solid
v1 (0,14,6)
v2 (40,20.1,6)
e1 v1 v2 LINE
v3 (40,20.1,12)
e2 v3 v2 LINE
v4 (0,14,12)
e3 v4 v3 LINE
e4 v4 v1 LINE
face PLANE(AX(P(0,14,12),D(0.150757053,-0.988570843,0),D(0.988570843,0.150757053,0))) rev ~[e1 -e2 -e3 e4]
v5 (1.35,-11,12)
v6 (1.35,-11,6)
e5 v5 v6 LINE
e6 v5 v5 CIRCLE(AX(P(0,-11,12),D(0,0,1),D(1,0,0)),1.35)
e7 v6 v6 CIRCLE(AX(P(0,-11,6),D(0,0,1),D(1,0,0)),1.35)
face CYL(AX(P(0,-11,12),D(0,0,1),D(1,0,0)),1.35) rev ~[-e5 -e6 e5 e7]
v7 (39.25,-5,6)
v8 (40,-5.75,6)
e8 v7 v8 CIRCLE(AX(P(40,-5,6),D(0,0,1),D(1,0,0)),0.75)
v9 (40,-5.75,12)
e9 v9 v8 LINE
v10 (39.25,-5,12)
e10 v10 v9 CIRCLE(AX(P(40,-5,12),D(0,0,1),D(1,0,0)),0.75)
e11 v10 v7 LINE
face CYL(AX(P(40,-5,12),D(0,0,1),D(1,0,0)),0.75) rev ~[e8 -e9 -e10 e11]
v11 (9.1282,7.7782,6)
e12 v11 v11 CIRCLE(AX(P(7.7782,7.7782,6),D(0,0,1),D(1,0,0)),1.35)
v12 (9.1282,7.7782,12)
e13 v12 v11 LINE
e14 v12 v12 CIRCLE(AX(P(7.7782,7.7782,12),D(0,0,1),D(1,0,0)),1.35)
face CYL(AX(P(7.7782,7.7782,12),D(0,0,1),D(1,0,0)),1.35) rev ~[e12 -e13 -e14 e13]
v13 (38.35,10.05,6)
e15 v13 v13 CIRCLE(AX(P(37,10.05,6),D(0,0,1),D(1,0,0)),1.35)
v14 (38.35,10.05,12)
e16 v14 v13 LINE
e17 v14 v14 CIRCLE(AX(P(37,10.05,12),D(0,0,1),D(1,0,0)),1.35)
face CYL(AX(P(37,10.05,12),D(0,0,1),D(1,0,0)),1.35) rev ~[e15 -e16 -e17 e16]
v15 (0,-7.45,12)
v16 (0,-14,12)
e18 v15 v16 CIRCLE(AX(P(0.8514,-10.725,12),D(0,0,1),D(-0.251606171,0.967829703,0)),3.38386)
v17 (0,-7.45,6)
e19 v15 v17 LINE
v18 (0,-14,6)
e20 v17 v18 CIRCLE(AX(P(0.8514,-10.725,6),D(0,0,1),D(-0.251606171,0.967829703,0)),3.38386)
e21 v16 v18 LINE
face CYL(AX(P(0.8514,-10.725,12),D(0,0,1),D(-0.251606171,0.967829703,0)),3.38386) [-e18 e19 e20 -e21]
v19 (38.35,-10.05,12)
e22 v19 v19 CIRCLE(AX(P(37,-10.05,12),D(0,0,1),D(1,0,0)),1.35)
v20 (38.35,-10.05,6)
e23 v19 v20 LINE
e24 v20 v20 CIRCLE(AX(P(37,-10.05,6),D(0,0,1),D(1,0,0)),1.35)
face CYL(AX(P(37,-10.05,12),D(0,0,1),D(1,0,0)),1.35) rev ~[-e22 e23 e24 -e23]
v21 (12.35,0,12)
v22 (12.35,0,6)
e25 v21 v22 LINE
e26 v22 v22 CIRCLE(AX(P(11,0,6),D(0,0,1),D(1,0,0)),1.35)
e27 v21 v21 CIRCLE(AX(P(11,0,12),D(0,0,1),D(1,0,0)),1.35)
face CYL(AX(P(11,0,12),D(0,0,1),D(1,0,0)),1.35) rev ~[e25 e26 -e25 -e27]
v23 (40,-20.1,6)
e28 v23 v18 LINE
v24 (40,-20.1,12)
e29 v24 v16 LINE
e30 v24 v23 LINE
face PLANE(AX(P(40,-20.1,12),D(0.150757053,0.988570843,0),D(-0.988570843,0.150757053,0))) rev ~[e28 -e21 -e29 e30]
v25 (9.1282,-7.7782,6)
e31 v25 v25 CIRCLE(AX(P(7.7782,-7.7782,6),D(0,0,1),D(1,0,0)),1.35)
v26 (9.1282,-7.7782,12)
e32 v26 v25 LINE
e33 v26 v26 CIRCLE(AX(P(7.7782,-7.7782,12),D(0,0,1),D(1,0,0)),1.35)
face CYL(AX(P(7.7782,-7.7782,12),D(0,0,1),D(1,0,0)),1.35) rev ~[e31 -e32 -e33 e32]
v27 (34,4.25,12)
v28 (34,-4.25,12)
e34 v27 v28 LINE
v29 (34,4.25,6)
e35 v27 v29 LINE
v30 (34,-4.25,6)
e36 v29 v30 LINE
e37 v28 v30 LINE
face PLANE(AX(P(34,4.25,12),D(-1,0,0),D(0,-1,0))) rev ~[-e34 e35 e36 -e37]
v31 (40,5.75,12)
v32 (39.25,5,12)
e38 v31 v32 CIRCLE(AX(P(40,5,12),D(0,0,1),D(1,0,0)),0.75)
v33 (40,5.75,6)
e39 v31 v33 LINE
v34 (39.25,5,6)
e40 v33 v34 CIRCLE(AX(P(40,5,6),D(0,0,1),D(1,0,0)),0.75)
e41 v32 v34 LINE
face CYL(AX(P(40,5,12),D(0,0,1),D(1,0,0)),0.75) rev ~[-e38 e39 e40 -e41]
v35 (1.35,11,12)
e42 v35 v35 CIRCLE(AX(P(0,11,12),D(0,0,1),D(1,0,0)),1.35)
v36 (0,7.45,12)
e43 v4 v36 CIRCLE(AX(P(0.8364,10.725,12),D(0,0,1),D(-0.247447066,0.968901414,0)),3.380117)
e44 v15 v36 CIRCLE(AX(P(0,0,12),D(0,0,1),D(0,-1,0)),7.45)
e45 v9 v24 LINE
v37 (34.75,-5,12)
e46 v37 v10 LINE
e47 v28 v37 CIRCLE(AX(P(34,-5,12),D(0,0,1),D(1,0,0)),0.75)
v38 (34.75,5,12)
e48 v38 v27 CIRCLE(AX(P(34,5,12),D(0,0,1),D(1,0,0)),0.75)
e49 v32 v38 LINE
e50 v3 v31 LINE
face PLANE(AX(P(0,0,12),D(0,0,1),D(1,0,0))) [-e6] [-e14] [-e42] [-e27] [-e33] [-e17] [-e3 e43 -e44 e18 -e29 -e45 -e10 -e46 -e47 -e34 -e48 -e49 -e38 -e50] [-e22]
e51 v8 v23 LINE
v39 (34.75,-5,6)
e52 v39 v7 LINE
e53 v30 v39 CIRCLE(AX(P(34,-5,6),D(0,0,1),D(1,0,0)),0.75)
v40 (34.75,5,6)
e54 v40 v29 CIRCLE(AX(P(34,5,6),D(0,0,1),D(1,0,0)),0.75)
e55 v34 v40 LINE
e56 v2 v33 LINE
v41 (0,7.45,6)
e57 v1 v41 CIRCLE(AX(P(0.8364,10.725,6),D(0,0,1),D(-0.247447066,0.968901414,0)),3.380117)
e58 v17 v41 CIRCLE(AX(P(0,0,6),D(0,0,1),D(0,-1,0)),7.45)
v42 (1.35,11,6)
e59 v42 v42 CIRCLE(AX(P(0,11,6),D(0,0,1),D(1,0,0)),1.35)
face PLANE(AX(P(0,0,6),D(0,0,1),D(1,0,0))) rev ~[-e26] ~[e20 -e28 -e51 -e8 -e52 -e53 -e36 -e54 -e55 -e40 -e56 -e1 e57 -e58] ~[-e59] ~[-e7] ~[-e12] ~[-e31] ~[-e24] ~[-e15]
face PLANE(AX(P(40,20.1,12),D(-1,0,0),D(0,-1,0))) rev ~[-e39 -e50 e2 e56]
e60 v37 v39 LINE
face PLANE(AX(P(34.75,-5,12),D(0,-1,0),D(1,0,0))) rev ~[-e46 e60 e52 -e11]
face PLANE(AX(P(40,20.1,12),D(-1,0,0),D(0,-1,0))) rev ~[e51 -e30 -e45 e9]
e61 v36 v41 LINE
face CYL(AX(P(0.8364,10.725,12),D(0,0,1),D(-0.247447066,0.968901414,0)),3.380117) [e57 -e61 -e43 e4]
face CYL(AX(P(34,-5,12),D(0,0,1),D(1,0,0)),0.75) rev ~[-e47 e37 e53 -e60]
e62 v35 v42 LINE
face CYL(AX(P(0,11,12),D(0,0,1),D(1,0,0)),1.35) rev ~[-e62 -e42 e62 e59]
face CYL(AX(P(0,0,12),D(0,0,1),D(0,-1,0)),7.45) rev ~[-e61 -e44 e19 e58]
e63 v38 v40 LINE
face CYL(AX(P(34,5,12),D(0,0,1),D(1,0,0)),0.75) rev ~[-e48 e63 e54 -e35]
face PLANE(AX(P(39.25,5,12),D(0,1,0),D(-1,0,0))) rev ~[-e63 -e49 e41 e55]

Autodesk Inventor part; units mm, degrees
ref_plane "YZ Plane" through (0, 0, 0) normal (1, 0, 0) x (0, 1, 0)
ref_plane "XZ Plane" through (0, 0, 0) normal (0, 1, 0) x (-1, 0, 0)
ref_plane "XY Plane" through (0, 0, 0) normal (0, 0, 1) x (1, 0, 0)
ref_plane "작업 평면1" through (0, 0, 0) normal (0, 0, 1) x (1, 0, 0)
ref_plane "작업 평면3" through (0, 0, 6) normal (0, 0, 1) x (1, 0, 0)
ref_plane "작업 평면4" through (40, -20.1, 6) normal (1, 0, 0) x (0, 0, -1)
ref_plane "작업 평면2" through (0, 0, 6) normal (0, 0, 1) x (1, 0, 0)
ref_plane "작업 평면6" through (30, -20.1, 6) normal (1, 0, 0) x (0, 0, -1)
ref_plane "작업 평면5" through (0, 0, 12) normal (0, 0, 1) x (1, 0, 0)
sketch "스케치6" plane through (0, 0, 12) normal (0, 0, 1) x (1, 0, 0)
  arc A0 (0, -7.45) -> (0, 7.45) centre (0, 0) ccw
  arc A1 (0, -7.45) -> (0, -14) centre (0.8514, -10.725) ccw
  line L0 (40, -20.1) -> (0, -14)
  line L1 (40, 20.1) -> (40, -20.1)
  line L2 (0, 14) -> (40, 20.1)
  arc A2 (0, 14) -> (0, 7.45) centre (0.8364, 10.725) ccw
  circle A3 centre (0, -11) radius 1.35
  circle A4 centre (7.7782, -7.7782) radius 1.35
  circle A5 centre (11, 0) radius 1.35
  circle A6 centre (7.7782, 7.7782) radius 1.35
  circle A7 centre (0, 11) radius 1.35
extrude "돌출6" add sketch "스케치6" against normal blind 6
sketch "스케치9" plane through (0, 0, 12) normal (0, 0, 1) x (1, 0, 0)
  arc A0 (0, -7.45) -> (0, 7.45) centre (0, 0) ccw projected
  arc A1 (0, -7.45) -> (0, -14) centre (0.8514, -10.725) ccw projected
  line L0 (0, -14) -> (40, -20.1) projected
  line L1 (40, -20.1) -> (40, 20.1) projected
  line L2 (40, 20.1) -> (0, 14) projected
  arc A2 (0, 14) -> (0, 7.45) centre (0.8364, 10.725) ccw projected
  circle A3 centre (11, 0) radius 1.35 projected
  circle A4 centre (0, 11) radius 1.35 projected
  circle A5 centre (7.7782, 7.7782) radius 1.35 projected
  circle A6 centre (7.7782, -7.7782) radius 1.35 projected
  circle A7 centre (0, -11) radius 1.35 projected
  line L3 (40, 20.1) -> (40, -20.1)
  line L4 (40, -20.1) -> (34, -20.1)
  line L5 (34, -20.1) -> (34, 20.1)
  line L6 (34, 20.1) -> (40, 20.1)
  line L7 (40, 20.1) -> (40, 10.05)
  line L8 (40, 10.05) -> (40, -10.05)
  circle A8 centre (37, 10.05) radius 1.35
  circle A9 centre (37, -10.05) radius 1.35
  dimension "d41" = 6
  dimension "d42" = 10.05
  dimension "d43" = 20.1
  dimension "d44" = 2.7
  dimension "d45" = 2.7
extrude "돌출8" cut sketch "스케치9" against normal blind 6 contours A8 | A9
sketch "스케치10" plane through (0, 0, 12) normal (0, 0, 1) x (1, 0, 0)
  circle A0 centre (37, -10.05) radius 1.35 projected
  circle A1 centre (37, 10.05) radius 1.35 projected
  arc A2 (0, -7.45) -> (0, 7.45) centre (0, 0) ccw projected
  arc A3 (0, -7.45) -> (0, -14) centre (0.8514, -10.725) ccw projected
  line L0 (0, -14) -> (40, -20.1) projected
  line L1 (40, -20.1) -> (40, 20.1) projected
  line L2 (40, 20.1) -> (0, 14) projected
  arc A4 (0, 14) -> (0, 7.45) centre (0.8364, 10.725) ccw projected
  circle A5 centre (11, 0) radius 1.35 projected
  circle A6 centre (0, 11) radius 1.35 projected
  circle A7 centre (7.7782, 7.7782) radius 1.35 projected
  circle A8 centre (7.7782, -7.7782) radius 1.35 projected
  circle A9 centre (0, -11) radius 1.35 projected
  line L3 (34, -5) -> (40, -5)
  line L4 (40, -5) -> (40, 5)
  line L5 (40, 5) -> (34, 5)
  line L6 (34, 5) -> (34, -5)
  line L7 (34, -5) -> (40, 5) construction
  line L8 (40, -5) -> (34, 5) construction
  circle A10 centre (40, 5) radius 0.75
  circle A11 centre (34, 5) radius 0.75
  circle A12 centre (34, -5) radius 0.75
  circle A13 centre (40, -5) radius 0.75
  point P0 (37, 0)
  point P1 (39.25, -5)
  point P2 (40, -5.75)
  point P3 (34, -4.25)
  point P4 (34.75, -5)
  point P5 (34.75, 5)
  point P6 (34, 4.25)
  point P7 (40, 5.75)
  point P8 (39.25, 5)
  dimension "d48" = 10
  dimension "d51" = 1.5
  dimension "d52" = 1.5
  dimension "d53" = 1.5
  dimension "d54" = 1.5
extrude "돌출9" cut sketch "스케치10" against normal blind 10 contours A13 L3 L1 | L1 L5 A10 | L3 A13 L1 | L3 A12 L6 A11 L5 A10 L1 A13 | L1 A10 L5 | A12 L6 L3 | L3 L6 A12 | A11 L6 L5 | L5 L6 A11
properties part number "feet_holder1" material "PMMA 플라스틱"
